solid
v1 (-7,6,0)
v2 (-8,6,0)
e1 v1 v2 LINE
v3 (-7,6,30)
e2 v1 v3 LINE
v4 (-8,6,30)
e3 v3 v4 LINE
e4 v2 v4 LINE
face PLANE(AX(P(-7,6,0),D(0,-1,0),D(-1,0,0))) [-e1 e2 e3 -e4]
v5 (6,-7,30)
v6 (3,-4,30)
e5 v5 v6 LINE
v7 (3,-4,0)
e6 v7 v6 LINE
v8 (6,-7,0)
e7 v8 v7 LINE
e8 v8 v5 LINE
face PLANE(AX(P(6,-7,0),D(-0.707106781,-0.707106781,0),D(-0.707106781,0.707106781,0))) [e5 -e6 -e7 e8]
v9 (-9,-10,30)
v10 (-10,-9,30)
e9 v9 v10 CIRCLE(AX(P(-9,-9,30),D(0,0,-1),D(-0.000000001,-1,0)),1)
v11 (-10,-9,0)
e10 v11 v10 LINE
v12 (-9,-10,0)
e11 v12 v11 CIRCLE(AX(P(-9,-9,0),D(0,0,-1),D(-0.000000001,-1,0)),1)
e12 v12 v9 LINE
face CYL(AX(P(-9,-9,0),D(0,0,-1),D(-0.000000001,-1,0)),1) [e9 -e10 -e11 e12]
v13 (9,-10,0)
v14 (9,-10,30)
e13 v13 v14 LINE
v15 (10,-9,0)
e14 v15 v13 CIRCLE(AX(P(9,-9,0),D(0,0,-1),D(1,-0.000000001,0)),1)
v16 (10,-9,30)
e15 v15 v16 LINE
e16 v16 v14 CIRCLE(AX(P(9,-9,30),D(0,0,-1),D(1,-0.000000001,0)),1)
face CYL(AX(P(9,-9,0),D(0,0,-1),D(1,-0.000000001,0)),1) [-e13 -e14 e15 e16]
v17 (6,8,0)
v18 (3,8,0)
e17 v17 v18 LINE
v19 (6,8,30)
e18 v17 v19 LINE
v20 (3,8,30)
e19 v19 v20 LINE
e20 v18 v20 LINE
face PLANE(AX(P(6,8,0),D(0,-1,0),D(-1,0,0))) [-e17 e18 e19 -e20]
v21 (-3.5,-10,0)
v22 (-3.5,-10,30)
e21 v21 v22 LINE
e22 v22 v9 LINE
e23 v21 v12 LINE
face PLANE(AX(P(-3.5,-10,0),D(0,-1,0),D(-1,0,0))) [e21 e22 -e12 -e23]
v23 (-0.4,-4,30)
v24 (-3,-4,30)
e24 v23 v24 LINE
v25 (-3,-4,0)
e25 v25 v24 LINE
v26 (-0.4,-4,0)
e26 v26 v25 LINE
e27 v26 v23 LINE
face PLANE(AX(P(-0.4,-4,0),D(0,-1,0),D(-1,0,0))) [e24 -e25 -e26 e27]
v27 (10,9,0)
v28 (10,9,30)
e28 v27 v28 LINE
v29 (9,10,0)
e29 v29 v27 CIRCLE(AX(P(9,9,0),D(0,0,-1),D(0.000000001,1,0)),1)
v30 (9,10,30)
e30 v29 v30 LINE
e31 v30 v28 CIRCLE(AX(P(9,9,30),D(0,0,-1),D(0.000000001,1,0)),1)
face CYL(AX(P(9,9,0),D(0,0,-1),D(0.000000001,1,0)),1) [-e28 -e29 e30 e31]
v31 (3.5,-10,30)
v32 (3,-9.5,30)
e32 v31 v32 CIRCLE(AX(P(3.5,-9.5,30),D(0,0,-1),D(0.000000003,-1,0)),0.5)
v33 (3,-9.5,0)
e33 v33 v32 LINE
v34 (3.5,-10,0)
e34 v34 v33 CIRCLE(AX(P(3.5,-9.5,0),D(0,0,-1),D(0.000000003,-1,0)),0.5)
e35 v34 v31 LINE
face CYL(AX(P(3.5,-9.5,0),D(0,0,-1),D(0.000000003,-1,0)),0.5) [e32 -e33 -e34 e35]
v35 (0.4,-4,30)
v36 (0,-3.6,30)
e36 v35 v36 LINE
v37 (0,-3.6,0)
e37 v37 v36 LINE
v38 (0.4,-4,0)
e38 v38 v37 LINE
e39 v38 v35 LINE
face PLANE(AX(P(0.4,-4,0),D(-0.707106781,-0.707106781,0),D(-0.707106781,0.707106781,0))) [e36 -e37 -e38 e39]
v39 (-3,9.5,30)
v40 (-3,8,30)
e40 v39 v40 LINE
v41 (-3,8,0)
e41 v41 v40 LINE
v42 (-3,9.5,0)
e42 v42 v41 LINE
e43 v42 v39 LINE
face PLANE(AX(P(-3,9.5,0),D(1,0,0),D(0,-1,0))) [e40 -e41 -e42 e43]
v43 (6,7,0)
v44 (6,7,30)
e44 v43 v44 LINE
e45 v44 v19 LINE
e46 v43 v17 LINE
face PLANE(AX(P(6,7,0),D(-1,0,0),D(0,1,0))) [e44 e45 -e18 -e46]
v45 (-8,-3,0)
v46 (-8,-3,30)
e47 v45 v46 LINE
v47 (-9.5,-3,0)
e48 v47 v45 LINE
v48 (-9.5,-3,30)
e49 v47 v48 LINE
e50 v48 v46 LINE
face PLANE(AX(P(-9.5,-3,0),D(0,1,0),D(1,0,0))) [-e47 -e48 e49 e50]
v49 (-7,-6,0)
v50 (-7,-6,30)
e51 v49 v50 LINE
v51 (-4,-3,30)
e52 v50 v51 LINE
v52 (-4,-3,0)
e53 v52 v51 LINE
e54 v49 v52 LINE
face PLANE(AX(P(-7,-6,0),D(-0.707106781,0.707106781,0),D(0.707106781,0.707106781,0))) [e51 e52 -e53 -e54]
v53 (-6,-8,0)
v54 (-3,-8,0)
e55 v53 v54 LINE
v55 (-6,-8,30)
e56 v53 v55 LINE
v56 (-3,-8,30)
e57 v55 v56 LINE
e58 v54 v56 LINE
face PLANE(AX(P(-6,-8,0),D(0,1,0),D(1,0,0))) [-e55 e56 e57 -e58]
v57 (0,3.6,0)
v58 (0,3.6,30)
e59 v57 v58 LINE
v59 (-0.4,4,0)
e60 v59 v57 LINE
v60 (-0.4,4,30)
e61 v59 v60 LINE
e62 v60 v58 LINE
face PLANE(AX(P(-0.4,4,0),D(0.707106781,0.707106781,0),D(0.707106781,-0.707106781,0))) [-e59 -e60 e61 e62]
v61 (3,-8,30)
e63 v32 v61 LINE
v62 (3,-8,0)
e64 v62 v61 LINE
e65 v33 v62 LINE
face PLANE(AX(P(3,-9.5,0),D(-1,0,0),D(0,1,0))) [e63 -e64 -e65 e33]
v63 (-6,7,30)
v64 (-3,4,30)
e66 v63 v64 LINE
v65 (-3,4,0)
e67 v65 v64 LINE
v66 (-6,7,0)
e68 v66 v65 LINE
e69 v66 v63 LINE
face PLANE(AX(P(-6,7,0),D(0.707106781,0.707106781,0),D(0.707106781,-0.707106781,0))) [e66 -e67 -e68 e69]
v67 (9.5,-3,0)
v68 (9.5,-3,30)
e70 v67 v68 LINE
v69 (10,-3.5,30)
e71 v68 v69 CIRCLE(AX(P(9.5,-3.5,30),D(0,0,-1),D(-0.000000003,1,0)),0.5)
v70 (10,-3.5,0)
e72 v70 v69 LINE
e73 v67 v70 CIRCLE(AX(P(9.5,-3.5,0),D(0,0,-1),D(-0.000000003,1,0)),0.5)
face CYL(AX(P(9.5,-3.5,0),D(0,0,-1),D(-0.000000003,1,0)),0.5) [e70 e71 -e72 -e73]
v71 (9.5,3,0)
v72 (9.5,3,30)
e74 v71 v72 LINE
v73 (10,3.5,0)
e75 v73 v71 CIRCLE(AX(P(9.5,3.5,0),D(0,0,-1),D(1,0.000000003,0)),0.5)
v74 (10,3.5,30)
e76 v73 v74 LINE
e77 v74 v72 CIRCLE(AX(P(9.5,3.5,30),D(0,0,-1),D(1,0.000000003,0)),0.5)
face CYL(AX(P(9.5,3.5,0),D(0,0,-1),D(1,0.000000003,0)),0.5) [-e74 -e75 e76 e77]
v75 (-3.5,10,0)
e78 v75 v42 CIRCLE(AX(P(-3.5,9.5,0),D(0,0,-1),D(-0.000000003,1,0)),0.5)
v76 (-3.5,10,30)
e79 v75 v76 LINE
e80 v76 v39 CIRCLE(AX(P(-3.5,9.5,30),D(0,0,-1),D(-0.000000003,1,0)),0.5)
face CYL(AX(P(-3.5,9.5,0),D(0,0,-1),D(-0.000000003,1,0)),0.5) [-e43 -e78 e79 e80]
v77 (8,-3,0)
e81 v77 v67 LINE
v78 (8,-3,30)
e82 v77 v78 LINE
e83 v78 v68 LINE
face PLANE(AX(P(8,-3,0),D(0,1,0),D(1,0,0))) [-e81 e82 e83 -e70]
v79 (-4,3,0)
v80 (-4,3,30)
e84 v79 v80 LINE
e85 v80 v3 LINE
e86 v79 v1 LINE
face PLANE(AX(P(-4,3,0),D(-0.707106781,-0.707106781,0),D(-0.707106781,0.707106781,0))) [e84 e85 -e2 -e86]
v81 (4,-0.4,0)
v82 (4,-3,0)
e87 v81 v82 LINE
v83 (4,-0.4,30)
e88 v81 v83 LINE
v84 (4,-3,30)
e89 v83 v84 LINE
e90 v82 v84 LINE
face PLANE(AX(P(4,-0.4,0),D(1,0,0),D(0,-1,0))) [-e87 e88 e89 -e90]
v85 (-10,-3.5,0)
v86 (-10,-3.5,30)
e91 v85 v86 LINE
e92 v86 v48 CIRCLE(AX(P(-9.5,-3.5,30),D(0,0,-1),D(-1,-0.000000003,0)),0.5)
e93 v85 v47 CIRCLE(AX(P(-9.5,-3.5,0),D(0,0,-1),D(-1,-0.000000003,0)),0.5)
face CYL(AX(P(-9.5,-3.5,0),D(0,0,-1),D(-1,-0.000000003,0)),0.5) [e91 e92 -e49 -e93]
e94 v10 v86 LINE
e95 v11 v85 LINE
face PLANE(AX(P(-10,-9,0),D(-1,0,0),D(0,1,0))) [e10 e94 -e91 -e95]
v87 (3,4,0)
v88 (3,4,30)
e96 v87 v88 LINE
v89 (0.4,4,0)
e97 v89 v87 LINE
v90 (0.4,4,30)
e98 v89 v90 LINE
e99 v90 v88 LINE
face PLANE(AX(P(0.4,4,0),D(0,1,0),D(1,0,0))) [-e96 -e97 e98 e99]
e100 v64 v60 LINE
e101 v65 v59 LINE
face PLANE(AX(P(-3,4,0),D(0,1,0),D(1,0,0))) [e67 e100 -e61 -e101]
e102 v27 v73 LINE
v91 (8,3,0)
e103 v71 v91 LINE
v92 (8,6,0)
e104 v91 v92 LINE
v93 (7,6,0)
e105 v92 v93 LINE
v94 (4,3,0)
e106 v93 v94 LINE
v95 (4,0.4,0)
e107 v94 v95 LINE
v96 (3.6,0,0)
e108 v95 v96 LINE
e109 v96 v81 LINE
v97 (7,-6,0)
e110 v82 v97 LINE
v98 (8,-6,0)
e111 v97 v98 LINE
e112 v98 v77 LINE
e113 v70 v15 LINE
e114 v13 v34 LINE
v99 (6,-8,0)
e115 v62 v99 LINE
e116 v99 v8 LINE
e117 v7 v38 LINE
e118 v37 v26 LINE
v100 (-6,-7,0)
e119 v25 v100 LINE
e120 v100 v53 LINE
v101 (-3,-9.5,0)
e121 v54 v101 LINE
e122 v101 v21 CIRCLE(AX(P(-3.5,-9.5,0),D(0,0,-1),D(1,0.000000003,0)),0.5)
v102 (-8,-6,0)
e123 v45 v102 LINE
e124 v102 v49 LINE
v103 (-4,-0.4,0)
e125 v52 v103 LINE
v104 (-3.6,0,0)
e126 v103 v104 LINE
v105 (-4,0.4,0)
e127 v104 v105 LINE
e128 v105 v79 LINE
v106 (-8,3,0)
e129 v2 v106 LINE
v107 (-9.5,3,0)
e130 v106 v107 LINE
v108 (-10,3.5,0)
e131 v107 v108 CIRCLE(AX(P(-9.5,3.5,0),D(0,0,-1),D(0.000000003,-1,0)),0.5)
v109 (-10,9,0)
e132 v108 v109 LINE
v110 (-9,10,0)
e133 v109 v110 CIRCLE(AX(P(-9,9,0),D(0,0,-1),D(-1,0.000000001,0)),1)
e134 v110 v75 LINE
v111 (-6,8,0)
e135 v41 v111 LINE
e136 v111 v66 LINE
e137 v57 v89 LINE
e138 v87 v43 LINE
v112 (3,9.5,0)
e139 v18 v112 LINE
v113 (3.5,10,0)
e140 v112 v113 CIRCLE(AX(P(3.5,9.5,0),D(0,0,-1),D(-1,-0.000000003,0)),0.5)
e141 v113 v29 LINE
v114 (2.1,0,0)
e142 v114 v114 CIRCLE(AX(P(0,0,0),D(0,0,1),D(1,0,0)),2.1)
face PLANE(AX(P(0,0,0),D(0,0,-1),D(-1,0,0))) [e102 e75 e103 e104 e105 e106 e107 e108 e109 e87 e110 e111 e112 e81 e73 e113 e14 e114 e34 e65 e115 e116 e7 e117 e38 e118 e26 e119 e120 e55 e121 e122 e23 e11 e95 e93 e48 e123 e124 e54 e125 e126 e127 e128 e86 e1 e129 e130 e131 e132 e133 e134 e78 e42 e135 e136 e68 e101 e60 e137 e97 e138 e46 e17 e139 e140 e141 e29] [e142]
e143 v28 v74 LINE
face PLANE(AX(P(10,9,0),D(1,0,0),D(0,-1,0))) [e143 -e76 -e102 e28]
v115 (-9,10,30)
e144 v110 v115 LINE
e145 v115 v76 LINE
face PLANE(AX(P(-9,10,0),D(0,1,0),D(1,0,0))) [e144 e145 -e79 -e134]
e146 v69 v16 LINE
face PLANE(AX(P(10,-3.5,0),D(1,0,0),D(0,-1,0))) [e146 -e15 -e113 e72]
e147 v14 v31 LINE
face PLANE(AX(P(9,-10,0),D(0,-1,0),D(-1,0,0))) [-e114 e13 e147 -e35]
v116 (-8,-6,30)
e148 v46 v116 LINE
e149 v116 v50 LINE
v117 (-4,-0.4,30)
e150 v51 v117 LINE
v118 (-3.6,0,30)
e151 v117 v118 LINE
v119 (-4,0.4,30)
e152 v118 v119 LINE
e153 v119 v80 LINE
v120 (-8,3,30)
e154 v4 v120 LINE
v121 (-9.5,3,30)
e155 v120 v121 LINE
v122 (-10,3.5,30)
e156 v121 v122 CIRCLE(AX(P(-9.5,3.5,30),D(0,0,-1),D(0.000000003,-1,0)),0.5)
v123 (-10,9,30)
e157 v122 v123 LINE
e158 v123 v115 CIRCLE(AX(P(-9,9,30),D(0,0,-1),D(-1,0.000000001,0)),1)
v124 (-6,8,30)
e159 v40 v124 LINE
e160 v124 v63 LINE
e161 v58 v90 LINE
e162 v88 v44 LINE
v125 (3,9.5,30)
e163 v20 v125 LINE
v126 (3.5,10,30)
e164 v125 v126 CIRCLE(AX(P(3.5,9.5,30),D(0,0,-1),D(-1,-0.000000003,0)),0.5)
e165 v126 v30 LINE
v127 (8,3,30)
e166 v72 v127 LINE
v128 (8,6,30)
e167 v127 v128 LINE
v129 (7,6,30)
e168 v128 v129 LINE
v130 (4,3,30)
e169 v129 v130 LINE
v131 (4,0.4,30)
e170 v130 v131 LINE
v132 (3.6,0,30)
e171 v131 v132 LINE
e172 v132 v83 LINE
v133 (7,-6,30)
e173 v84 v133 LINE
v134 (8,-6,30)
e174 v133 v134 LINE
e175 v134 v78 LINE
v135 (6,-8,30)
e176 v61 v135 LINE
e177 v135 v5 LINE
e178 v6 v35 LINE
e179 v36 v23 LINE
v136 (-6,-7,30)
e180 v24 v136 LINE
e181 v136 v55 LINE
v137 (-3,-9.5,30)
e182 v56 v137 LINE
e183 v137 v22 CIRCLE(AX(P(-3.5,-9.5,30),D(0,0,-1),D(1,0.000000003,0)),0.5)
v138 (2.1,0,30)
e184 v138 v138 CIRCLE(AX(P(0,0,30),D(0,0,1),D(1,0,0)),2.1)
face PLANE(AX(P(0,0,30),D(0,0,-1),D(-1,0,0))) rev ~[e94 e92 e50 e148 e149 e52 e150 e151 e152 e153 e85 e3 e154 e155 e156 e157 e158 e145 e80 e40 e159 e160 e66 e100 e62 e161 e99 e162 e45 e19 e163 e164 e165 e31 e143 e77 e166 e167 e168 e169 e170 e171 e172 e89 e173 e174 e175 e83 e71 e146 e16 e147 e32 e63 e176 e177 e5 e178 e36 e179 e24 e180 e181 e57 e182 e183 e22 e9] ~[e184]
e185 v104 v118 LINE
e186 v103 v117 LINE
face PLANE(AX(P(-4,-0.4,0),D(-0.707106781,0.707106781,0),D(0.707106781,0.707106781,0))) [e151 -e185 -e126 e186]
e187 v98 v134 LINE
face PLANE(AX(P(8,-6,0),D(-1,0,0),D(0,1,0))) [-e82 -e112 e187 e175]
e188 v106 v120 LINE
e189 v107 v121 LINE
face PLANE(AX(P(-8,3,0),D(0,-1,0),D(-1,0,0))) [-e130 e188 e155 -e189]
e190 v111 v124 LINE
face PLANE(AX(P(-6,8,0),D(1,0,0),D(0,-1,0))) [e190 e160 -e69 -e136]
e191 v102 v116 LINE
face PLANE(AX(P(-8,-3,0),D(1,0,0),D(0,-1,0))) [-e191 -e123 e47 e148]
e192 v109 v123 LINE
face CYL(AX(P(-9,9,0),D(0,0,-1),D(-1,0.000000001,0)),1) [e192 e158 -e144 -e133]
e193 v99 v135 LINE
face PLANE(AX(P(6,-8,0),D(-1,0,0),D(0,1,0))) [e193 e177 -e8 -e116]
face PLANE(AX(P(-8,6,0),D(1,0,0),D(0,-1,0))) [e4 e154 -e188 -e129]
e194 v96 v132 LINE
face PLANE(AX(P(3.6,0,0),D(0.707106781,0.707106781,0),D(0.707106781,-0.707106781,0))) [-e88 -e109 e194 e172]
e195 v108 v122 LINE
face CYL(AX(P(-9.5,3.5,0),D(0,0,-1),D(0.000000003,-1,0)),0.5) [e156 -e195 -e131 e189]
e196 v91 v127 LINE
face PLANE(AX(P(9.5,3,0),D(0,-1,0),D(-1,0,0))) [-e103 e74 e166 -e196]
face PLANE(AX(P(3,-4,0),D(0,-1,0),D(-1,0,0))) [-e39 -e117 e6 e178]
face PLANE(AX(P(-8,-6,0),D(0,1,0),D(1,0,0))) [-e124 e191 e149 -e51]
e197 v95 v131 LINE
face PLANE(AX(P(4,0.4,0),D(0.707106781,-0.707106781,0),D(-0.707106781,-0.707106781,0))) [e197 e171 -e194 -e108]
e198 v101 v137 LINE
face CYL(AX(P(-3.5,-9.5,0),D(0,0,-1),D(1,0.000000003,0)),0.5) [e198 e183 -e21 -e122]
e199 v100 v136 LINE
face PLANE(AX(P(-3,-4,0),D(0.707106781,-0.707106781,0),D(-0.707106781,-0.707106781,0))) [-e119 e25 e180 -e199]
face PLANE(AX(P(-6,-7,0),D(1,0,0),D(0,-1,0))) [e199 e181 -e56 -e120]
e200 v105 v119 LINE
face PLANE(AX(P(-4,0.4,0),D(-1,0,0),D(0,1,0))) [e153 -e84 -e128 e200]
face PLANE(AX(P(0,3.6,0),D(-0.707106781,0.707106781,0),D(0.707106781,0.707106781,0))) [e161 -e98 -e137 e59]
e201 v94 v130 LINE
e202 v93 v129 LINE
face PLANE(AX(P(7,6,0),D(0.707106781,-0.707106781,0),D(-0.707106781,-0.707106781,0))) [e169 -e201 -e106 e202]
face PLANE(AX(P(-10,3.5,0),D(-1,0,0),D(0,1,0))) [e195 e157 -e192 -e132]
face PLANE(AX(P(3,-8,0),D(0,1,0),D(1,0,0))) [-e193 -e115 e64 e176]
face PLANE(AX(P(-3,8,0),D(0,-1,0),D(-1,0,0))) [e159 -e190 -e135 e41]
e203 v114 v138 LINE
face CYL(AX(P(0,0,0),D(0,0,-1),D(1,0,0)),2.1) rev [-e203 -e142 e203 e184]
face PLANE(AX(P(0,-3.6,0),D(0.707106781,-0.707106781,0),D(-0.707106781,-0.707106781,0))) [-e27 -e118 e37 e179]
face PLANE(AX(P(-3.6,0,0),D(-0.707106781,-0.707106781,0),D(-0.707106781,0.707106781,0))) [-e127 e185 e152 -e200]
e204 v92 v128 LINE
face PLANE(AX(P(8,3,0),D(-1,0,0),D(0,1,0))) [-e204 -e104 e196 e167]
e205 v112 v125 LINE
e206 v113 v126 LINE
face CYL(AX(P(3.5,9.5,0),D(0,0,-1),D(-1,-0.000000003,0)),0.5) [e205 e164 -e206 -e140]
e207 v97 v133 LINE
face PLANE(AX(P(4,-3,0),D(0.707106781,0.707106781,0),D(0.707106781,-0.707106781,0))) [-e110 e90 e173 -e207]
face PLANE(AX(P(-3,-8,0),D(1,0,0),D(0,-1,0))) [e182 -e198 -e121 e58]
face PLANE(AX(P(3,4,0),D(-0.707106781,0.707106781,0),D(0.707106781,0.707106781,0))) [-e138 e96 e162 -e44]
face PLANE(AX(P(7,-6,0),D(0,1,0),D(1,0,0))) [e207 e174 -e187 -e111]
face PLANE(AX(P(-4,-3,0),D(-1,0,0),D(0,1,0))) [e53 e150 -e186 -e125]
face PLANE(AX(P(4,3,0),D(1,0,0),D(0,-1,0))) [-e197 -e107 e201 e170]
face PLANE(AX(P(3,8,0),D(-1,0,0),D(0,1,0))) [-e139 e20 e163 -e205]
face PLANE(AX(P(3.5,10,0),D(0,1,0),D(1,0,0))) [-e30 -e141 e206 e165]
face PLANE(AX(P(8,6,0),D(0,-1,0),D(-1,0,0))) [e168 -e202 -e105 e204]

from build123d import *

# Parameters (mm, degrees)
SCHIZZO1_R                   = 2.1
ESTRUSIONE_ESTRUSIONE1_DEPTH = 30


with BuildPart() as part:
    # Schizzo1 → Estrusione-Estrusione1 (new body)
    with BuildSketch(Plane.XY):
        with BuildLine():
            Line((-3.6, 0), (-4, 0.4))
            Line((-4, 0.4), (-4, 3))
            Line((-4, 3), (-7, 6))
            Line((-7, 6), (-8, 6))
            Line((-8, 6), (-8, 3))
            Line((-8, 3), (-9.5, 3))
            ThreePointArc((-9.5, 3), (-9.853553391, 3.146446609), (-10, 3.5))
            Line((-10, 3.5), (-10, 9))
            ThreePointArc((-10, 9), (-9.707106781, 9.707106781), (-9, 10))
            Line((-9, 10), (-3.5, 10))
            ThreePointArc((-3.5, 10), (-3.146446609, 9.853553391), (-3, 9.5))
            Line((-3, 9.5), (-3, 8))
            Line((-3, 8), (-6, 8))
            Line((-6, 8), (-6, 7))
            Line((-6, 7), (-3, 4))
            Line((-3, 4), (-0.4, 4))
            Line((-0.4, 4), (0, 3.6))
            Line((0, 3.6), (0.4, 4))
            Line((0.4, 4), (3, 4))
            Line((3, 4), (6, 7))
            Line((6, 7), (6, 8))
            Line((6, 8), (3, 8))
            Line((3, 8), (3, 9.5))
            ThreePointArc((3, 9.5), (3.146446609, 9.853553391), (3.5, 10))
            Line((3.5, 10), (9, 10))
            ThreePointArc((9, 10), (9.707106781, 9.707106781), (10, 9))
            Line((10, 9), (10, 3.5))
            ThreePointArc((10, 3.5), (9.853553391, 3.146446609), (9.5, 3))
            Line((9.5, 3), (8, 3))
            Line((8, 3), (8, 6))
            Line((8, 6), (7, 6))
            Line((7, 6), (4, 3))
            Line((4, 3), (4, 0.4))
            Line((4, 0.4), (3.6, 0))
            Line((3.6, 0), (4, -0.4))
            Line((4, -0.4), (4, -3))
            Line((4, -3), (7, -6))
            Line((7, -6), (8, -6))
            Line((8, -6), (8, -3))
            Line((8, -3), (9.5, -3))
            ThreePointArc((9.5, -3), (9.853553391, -3.146446609), (10, -3.5))
            Line((10, -3.5), (10, -9))
            ThreePointArc((10, -9), (9.707106781, -9.707106781), (9, -10))
            Line((9, -10), (3.5, -10))
            ThreePointArc((3.5, -10), (3.146446609, -9.853553391), (3, -9.5))
            Line((3, -9.5), (3, -8))
            Line((3, -8), (6, -8))
            Line((6, -8), (6, -7))
            Line((6, -7), (3, -4))
            Line((3, -4), (0.4, -4))
            Line((0.4, -4), (0, -3.6))
            Line((0, -3.6), (-0.4, -4))
            Line((-0.4, -4), (-3, -4))
            Line((-3, -4), (-6, -7))
            Line((-6, -7), (-6, -8))
            Line((-6, -8), (-3, -8))
            Line((-3, -8), (-3, -9.5))
            ThreePointArc((-3, -9.5), (-3.146446609, -9.853553391), (-3.5, -10))
            Line((-3.5, -10), (-9, -10))
            ThreePointArc((-9, -10), (-9.707106781, -9.707106781), (-10, -9))
            Line((-10, -9), (-10, -3.5))
            ThreePointArc((-10, -3.5), (-9.853553391, -3.146446609), (-9.5, -3))
            Line((-9.5, -3), (-8, -3))
            Line((-8, -3), (-8, -6))
            Line((-8, -6), (-7, -6))
            Line((-7, -6), (-4, -3))
            Line((-4, -3), (-4, -0.4))
            Line((-4, -0.4), (-3.6, 0))
        make_face()
        Circle(SCHIZZO1_R, mode=Mode.SUBTRACT)
    extrude(amount=ESTRUSIONE_ESTRUSIONE1_DEPTH)


solid = part.part
